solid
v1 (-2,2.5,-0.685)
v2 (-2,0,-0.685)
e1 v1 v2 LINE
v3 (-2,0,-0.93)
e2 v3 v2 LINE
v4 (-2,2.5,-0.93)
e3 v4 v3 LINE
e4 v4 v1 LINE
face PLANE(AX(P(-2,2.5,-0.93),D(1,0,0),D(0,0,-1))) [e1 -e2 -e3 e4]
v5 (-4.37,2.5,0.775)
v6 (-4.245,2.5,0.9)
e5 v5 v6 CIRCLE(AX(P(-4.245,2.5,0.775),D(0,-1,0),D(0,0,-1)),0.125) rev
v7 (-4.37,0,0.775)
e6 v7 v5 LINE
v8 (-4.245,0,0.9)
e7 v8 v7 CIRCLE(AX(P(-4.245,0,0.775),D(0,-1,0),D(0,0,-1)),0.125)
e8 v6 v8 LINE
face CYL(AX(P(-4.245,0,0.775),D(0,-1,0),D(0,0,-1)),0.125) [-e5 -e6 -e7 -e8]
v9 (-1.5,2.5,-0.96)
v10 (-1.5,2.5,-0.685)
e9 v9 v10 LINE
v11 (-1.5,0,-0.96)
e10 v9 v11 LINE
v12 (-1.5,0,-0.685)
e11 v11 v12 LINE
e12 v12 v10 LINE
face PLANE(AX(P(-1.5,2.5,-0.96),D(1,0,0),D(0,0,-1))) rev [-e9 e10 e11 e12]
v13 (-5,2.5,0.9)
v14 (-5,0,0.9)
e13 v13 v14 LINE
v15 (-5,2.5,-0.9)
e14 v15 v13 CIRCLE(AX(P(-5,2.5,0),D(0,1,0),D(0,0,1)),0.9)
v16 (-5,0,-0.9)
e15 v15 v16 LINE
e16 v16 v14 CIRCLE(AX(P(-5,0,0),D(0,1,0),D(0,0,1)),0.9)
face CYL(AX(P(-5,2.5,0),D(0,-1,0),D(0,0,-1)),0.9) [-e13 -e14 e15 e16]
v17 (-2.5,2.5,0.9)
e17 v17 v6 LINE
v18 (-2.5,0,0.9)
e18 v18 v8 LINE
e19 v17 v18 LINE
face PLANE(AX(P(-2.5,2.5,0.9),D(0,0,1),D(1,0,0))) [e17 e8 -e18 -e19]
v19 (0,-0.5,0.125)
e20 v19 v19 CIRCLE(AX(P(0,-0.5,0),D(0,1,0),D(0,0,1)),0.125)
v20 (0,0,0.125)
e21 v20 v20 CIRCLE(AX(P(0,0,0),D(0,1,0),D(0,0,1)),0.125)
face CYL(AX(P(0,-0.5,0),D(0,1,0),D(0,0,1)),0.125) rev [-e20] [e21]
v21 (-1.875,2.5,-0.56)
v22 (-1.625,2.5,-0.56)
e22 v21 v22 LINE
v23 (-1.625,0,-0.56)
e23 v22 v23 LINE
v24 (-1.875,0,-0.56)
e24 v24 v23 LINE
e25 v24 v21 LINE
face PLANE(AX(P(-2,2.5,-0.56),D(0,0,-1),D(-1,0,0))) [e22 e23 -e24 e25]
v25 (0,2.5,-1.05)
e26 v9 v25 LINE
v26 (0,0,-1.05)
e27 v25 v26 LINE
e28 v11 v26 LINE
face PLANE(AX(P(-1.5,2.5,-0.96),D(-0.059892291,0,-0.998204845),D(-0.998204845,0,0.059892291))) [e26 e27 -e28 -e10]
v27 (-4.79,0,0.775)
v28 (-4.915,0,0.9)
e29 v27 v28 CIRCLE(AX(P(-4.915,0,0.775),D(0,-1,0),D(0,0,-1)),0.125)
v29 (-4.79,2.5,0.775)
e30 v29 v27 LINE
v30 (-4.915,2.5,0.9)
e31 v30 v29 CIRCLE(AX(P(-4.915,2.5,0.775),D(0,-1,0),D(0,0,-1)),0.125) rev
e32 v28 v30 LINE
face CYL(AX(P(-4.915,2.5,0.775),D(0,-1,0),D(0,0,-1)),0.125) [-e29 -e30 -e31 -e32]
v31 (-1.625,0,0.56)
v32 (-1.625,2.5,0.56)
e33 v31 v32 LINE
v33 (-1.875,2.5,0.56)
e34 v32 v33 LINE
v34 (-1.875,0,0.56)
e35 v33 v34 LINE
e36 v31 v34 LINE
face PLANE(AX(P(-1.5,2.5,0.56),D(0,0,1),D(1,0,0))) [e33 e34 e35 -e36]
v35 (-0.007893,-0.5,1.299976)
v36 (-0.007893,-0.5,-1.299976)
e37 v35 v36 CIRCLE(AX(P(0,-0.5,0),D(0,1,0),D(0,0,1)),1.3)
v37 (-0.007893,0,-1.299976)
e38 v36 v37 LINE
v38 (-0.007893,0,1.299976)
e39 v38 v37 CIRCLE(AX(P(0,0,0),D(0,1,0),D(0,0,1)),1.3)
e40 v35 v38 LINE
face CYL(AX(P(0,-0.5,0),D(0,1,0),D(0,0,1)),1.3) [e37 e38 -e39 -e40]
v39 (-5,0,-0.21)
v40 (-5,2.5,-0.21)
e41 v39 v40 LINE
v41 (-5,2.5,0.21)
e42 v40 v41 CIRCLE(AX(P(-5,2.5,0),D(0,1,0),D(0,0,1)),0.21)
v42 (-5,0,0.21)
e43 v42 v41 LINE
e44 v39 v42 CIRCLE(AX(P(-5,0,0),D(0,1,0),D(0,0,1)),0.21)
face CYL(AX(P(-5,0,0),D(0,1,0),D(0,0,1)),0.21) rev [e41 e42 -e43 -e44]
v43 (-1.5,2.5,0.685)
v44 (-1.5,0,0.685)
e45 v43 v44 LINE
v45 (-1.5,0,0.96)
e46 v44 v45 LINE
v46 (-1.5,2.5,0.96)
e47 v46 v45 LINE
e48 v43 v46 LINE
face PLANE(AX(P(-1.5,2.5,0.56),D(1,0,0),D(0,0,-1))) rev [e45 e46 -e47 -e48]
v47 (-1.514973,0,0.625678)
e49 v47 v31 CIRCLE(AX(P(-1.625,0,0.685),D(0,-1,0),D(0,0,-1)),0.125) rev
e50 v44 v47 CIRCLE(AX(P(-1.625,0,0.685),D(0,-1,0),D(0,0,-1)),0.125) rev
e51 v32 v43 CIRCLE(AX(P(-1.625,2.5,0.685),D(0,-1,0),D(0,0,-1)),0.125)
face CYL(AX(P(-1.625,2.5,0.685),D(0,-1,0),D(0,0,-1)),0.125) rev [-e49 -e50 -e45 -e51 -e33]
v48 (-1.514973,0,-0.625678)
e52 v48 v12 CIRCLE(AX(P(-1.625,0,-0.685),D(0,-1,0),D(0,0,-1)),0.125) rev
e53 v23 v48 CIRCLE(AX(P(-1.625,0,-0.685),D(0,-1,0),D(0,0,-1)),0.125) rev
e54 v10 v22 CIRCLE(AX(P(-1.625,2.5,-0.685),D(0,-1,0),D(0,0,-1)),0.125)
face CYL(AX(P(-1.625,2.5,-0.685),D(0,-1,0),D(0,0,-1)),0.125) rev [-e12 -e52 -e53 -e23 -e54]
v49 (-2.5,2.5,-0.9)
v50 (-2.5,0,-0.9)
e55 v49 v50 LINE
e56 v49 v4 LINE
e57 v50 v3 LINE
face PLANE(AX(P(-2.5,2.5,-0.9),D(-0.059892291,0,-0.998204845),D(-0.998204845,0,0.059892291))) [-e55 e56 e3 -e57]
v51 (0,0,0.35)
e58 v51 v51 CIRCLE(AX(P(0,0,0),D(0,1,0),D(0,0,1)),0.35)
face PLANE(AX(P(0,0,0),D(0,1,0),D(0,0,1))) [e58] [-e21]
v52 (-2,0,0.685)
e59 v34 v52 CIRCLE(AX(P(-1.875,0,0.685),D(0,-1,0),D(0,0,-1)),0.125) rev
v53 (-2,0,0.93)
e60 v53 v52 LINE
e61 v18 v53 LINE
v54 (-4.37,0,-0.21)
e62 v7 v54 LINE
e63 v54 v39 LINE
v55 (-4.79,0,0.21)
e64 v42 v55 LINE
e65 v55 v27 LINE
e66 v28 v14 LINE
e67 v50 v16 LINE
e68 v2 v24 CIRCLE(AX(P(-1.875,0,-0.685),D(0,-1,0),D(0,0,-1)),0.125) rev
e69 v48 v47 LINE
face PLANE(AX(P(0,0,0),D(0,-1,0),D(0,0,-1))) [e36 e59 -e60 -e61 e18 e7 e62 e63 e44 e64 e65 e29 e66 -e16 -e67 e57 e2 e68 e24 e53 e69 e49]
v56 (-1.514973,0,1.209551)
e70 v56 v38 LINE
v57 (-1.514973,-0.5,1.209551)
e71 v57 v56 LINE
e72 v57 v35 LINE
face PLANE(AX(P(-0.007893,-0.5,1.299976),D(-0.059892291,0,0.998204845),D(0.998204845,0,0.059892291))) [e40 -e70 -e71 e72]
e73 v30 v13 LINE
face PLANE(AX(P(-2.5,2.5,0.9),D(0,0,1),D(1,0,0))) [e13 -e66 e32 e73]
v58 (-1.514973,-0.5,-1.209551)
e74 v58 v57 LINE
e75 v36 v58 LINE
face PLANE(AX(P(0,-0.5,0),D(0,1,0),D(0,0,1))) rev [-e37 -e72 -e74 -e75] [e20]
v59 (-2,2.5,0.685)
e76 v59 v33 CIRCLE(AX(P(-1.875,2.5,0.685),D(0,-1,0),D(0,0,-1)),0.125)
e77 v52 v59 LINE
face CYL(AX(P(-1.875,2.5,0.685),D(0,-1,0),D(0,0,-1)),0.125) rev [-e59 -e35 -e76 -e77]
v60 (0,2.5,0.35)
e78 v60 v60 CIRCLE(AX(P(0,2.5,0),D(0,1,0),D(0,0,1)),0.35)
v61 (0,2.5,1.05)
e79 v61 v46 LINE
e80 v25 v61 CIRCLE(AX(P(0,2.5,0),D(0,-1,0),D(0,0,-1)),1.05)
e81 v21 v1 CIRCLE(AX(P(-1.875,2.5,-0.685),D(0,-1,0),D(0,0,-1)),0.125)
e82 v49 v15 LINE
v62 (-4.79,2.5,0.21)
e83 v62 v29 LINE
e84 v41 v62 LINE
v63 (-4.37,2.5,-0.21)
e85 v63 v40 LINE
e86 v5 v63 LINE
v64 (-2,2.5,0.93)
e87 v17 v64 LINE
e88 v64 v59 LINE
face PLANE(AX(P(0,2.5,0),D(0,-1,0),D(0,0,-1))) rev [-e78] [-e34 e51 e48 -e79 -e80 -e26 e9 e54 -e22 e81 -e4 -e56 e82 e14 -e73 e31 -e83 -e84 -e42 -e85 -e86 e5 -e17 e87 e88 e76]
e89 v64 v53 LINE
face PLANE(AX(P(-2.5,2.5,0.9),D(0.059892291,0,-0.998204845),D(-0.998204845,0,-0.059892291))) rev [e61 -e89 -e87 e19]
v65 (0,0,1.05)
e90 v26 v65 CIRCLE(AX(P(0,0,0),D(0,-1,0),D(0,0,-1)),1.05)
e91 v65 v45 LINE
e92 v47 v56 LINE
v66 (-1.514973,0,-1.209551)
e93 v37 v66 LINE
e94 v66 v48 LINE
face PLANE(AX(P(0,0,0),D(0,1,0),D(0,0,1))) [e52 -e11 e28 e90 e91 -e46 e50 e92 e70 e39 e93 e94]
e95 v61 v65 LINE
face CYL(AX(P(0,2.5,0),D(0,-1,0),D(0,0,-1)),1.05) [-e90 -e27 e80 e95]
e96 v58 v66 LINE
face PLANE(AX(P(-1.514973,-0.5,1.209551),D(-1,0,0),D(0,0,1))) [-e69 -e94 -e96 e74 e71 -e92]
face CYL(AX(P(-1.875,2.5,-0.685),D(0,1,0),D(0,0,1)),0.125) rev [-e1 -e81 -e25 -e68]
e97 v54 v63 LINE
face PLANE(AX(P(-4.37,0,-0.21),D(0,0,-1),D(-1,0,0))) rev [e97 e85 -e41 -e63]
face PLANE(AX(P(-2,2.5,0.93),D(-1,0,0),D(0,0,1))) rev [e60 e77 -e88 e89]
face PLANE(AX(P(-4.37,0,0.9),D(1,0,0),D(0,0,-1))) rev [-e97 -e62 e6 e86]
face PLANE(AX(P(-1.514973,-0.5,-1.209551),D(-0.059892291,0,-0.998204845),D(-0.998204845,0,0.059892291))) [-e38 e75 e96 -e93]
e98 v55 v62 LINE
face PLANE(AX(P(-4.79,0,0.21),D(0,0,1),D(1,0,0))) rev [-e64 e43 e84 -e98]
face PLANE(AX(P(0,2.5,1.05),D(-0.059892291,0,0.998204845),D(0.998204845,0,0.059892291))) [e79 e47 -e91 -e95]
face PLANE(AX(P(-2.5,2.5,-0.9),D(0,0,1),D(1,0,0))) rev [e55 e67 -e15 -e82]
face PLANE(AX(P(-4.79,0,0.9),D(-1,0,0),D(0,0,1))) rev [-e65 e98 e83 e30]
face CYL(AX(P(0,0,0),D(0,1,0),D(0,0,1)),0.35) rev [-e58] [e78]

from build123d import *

# Parameters (mm, degrees)
BOSS_EXTRUDE1_DEPTH = 2.5
SKETCH4_R           = 0.35
THROUGH_HOLES_DEPTH = 7.493265742
FILLET1_R           = 0.125
SKETCH5_R           = 0.125
BOSS_EXTRUDE2_DEPTH = 0.5


with BuildPart() as part:
    # Sketch3 → Boss-Extrude1 (new body)
    with BuildSketch(Plane(origin=(0, 0, 0), x_dir=(1, 0, 0), z_dir=(0, 1, 0))):
        with BuildLine():
            Line((-2.5, 0.9), (-2, 0.93))
            Line((-2, 0.93), (-2, 0.56))
            Line((-2, 0.56), (-1.5, 0.56))
            Line((-1.5, 0.56), (-1.5, 0.96))
            Line((-1.5, 0.96), (0, 1.05))
            ThreePointArc((0, 1.05), (1.05, 0), (0, -1.05))
            Line((0, -1.05), (-1.5, -0.96))
            Line((-1.5, -0.96), (-1.5, -0.56))
            Line((-1.5, -0.56), (-2, -0.56))
            Line((-2, -0.56), (-2, -0.93))
            Line((-2, -0.93), (-2.5, -0.9))
            Line((-2.5, -0.9), (-5, -0.9))
            ThreePointArc((-5, -0.9), (-5.9, 0), (-5, 0.9))
            Line((-5, 0.9), (-2.5, 0.9))
        make_face()
    extrude(amount=BOSS_EXTRUDE1_DEPTH)

    # Sketch4 → Through Holes (cut, through all)
    with BuildSketch(Plane(origin=(0, 2.5, 0), x_dir=(1, 0, 0), z_dir=(0, 1, 0))):
        with Locations(Location((0, 0, 0), (0, 0, 270))):
            Circle(SKETCH4_R)
        with BuildLine():
            Line((-4.79, -0.9), (-4.37, -0.9))
            Line((-4.37, -0.9), (-4.37, 0.21))
            Line((-4.37, 0.21), (-5, 0.21))
            ThreePointArc((-5, 0.21), (-5.21, 0), (-5, -0.21))
            Line((-5, -0.21), (-4.79, -0.21))
            Line((-4.79, -0.21), (-4.79, -0.9))
        make_face()
    extrude(amount=-THROUGH_HOLES_DEPTH, mode=Mode.SUBTRACT)

    # Fillet1
    fillet1_edges = [part.edges().sort_by_distance(p)[0] for p in [
        (-2, 1.25, 0.56),
        (-1.5, 1.25, 0.56),
        (-1.5, 1.25, -0.56),
        (-2, 1.25, -0.56),
        (-4.37, 1.25, 0.9),
        (-4.79, 1.25, 0.9),
    ]]
    fillet(fillet1_edges, radius=FILLET1_R)

    # Sketch5 → Boss-Extrude2 (add)
    with BuildSketch(Plane(origin=(0, 0, 0), x_dir=(1, 0, 0), z_dir=(0, 1, 0))):
        with BuildLine():
            Line((-1.514973073, -1.209551211), (-1.514973073, 1.209551211))
            Line((-1.514973073, 1.209551211), (-0.007892579, 1.299976041))
            ThreePointArc((-0.007892579, 1.299976041), (1.3, 0), (-0.007892579, -1.299976041))
            Line((-0.007892579, -1.299976041), (-1.514973073, -1.209551211))
        make_face()
        with Locations(Location((0, 0, 0), (0, 0, 270))):
            Circle(SKETCH5_R, mode=Mode.SUBTRACT)
    extrude(amount=-BOSS_EXTRUDE2_DEPTH)


solid = part.part
